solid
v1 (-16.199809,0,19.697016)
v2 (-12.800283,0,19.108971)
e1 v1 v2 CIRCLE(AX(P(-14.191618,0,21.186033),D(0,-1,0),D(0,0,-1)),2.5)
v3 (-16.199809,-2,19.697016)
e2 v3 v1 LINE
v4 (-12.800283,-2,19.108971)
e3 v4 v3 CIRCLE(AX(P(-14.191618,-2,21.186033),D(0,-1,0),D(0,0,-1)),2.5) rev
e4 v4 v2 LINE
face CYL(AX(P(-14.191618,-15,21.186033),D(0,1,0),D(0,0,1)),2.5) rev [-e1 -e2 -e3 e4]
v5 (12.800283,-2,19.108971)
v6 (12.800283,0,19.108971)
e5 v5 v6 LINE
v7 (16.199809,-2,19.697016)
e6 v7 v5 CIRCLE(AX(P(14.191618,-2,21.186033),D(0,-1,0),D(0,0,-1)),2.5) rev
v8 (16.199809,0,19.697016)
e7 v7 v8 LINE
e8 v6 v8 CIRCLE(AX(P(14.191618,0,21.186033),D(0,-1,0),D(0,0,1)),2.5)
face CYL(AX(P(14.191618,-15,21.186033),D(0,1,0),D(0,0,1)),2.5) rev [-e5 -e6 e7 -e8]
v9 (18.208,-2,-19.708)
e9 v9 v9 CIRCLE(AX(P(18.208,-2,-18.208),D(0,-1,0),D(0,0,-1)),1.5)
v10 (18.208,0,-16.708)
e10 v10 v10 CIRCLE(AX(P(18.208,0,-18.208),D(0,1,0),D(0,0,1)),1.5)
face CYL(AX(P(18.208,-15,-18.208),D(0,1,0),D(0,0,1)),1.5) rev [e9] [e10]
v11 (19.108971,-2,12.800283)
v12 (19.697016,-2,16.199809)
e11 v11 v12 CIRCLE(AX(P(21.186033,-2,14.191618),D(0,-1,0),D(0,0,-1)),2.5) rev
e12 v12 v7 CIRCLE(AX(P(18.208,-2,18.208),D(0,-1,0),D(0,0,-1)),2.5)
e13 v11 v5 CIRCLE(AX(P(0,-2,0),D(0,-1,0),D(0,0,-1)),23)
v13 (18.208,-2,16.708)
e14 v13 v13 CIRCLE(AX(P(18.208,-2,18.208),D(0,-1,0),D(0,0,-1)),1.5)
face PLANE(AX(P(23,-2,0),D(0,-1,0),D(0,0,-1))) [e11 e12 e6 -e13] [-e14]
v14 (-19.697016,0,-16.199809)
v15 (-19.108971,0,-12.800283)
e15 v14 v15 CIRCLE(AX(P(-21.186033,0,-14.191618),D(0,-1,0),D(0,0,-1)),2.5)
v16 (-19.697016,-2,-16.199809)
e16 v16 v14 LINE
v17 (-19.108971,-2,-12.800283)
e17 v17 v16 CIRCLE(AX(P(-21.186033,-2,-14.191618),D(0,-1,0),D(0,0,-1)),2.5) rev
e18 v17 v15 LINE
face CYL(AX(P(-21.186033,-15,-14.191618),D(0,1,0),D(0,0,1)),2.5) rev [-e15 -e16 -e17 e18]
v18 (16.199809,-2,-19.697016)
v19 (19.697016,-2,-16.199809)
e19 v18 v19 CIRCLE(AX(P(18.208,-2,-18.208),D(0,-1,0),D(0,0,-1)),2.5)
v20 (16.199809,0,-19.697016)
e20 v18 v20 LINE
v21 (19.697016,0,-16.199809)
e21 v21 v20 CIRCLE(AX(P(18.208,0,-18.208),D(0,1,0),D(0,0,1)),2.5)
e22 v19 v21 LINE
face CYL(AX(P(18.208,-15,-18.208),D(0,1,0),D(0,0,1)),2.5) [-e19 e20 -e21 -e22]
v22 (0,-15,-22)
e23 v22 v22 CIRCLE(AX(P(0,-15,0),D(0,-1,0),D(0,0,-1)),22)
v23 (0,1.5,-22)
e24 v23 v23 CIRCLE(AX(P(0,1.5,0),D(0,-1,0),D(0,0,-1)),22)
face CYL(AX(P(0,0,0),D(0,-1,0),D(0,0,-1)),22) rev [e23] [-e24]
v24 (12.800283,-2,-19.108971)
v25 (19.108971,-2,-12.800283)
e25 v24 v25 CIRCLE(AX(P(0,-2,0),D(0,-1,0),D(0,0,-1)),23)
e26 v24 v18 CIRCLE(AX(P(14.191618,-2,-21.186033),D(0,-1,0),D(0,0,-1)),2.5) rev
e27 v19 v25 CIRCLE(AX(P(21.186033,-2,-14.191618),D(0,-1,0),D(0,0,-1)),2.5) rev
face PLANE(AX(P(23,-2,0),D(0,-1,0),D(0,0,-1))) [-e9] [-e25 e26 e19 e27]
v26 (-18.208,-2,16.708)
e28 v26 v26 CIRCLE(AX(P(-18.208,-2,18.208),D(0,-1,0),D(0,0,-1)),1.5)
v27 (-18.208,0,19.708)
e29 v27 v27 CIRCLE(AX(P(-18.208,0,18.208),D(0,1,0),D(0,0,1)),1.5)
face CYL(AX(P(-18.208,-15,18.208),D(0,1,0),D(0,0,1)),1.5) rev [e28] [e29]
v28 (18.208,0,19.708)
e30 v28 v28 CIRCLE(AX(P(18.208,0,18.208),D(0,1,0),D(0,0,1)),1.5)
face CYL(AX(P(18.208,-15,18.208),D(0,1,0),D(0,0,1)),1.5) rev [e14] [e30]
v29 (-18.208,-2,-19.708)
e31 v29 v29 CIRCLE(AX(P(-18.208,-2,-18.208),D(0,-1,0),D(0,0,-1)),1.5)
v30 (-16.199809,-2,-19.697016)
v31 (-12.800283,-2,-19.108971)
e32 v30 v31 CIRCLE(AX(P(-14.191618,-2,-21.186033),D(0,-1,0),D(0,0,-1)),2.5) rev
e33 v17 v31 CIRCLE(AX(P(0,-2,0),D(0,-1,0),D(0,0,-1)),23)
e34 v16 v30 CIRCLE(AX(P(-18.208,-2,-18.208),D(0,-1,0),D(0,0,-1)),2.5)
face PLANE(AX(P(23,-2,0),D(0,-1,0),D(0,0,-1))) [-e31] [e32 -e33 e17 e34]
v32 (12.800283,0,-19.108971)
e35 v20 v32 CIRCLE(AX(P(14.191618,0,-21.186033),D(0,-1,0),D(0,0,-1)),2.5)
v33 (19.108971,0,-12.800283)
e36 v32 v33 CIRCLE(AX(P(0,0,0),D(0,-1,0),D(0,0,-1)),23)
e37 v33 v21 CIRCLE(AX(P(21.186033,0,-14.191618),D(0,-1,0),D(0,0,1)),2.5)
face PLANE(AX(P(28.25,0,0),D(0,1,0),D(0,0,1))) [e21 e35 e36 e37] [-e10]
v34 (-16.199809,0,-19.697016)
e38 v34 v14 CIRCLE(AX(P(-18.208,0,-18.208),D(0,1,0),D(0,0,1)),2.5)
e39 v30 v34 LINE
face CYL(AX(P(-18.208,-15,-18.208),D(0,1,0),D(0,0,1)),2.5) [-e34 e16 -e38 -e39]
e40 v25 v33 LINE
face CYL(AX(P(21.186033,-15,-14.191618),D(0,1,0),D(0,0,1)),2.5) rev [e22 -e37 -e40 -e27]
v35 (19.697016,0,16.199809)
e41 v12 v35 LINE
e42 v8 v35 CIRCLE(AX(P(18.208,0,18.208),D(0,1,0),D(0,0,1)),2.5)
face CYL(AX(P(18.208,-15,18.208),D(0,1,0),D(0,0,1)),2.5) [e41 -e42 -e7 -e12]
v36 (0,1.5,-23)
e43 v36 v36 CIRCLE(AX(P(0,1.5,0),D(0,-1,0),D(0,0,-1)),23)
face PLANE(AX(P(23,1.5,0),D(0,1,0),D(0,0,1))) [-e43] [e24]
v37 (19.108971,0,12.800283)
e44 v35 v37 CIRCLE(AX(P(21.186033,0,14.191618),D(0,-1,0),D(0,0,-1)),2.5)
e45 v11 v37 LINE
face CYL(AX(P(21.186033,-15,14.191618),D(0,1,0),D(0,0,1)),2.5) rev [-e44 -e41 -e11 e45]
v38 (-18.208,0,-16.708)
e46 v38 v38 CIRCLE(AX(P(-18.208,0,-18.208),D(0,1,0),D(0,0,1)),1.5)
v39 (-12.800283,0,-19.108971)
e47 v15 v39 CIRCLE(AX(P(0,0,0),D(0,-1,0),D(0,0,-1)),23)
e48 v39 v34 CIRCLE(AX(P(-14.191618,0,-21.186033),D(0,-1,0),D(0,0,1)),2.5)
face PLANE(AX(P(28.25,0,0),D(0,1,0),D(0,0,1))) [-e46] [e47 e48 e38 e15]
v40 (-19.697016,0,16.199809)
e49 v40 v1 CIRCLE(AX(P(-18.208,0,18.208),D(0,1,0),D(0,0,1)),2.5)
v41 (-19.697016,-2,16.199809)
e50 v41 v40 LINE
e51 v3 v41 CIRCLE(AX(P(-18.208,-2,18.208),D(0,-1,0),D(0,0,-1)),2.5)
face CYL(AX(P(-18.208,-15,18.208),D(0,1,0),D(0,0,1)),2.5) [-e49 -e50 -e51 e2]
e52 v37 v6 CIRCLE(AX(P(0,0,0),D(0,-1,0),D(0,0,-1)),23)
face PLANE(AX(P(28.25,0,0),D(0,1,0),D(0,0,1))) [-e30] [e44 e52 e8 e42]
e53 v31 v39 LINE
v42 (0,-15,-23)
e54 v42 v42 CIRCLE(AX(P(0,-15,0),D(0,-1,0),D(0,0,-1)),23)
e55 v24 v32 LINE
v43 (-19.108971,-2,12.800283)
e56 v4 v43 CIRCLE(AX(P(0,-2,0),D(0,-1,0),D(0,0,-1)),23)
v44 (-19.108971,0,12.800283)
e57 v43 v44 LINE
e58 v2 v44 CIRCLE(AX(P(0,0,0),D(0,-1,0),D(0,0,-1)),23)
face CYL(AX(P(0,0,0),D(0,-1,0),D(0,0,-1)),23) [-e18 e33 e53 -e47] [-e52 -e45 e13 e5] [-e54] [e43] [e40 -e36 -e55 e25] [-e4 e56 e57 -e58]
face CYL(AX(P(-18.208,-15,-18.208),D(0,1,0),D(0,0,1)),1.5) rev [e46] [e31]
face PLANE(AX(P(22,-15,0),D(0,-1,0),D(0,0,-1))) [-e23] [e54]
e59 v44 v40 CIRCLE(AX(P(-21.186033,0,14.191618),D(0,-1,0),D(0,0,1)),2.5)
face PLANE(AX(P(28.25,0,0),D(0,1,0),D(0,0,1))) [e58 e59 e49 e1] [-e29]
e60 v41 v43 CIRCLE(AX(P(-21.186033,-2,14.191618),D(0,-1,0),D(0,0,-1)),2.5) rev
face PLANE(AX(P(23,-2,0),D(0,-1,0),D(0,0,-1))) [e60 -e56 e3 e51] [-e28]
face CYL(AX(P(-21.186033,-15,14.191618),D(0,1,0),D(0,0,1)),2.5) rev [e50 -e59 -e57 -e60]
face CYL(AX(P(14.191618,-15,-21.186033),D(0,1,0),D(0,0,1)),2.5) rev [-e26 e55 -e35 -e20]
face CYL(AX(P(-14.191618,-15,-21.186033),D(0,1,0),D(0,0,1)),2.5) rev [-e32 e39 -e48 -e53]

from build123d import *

# Parameters (mm, degrees)
SKETCH_2_R          = 1.5
CUT_EXTRUDE_1_DEPTH = 16
SKETCH_4_OUTSIDE_W  = 74.818
SKETCH_4_OUTSIDE_H  = 74.818
CUT_EXTRUDE_3_DEPTH = 16


with BuildPart() as part:
    # 草图1 → 旋转1 (revolve)
    with BuildSketch(Plane.XY):
        Polygon((22, 1.5), (22, -15), (23, -15), (23, -2), (28.25, -2), (28.25, 0), (23, 0), (23, 1.5), align=None)
    revolve(axis=Axis((0, 0, 0), (0, 1, 0)))

    # 草图2 → 切除-拉伸1 (cut, through all)
    with BuildSketch(Plane(origin=(0, 0, 0), x_dir=(1, 0, 0), z_dir=(0, 1, 0))):
        with Locations((-18.207999616, 18.207999616)):
            Circle(SKETCH_2_R)
        with Locations((18.207999616, 18.207999616)):
            Circle(SKETCH_2_R)
        with Locations((18.207999616, -18.207999616)):
            Circle(SKETCH_2_R)
        with Locations((-18.207999616, -18.207999616)):
            Circle(SKETCH_2_R)
    extrude(amount=-CUT_EXTRUDE_1_DEPTH, mode=Mode.SUBTRACT)

    # 草图4 outside → 切除-拉伸3 (cut, through all)
    with BuildSketch(Plane(origin=(0, 0, 0), x_dir=(1, 0, 0), z_dir=(0, 1, 0))):
        Rectangle(SKETCH_4_OUTSIDE_W, SKETCH_4_OUTSIDE_H)
        with BuildLine():
            ThreePointArc((-16.199808887, 19.697016069), (-19.975766569, 19.975766569), (-19.697016069, 16.199808887))
            ThreePointArc((-19.697016069, 16.199808887), (-18.722615608, 14.617736813), (-19.10897051, 12.800283045))
            ThreePointArc((-19.10897051, 12.800283045), (-23, 0), (-19.10897051, -12.800283045))
            ThreePointArc((-19.10897051, -12.800283045), (-18.722615608, -14.617736813), (-19.697016069, -16.199808887))
            ThreePointArc((-19.697016069, -16.199808887), (-19.975766569, -19.975766569), (-16.199808887, -19.697016069))
            ThreePointArc((-16.199808887, -19.697016069), (-14.617736813, -18.722615608), (-12.800283045, -19.10897051))
            ThreePointArc((-12.800283045, -19.10897051), (0, -23), (12.800283045, -19.10897051))
            ThreePointArc((12.800283045, -19.10897051), (14.617736813, -18.722615608), (16.199808887, -19.697016069))
            ThreePointArc((16.199808887, -19.697016069), (19.975766569, -19.975766569), (19.697016069, -16.199808887))
            ThreePointArc((19.697016069, -16.199808887), (18.722615608, -14.617736813), (19.10897051, -12.800283045))
            ThreePointArc((19.10897051, -12.800283045), (23, 0), (19.10897051, 12.800283045))
            ThreePointArc((19.10897051, 12.800283045), (18.722615608, 14.617736813), (19.697016069, 16.199808887))
            ThreePointArc((19.697016069, 16.199808887), (19.975766569, 19.975766569), (16.199808887, 19.697016069))
            ThreePointArc((16.199808887, 19.697016069), (14.617736813, 18.722615608), (12.800283045, 19.10897051))
            ThreePointArc((12.800283045, 19.10897051), (0, 23), (-12.800283045, 19.10897051))
            ThreePointArc((-12.800283045, 19.10897051), (-14.617736813, 18.722615608), (-16.199808887, 19.697016069))
        make_face(mode=Mode.SUBTRACT)
    extrude(amount=-CUT_EXTRUDE_3_DEPTH, mode=Mode.SUBTRACT)


solid = part.part
